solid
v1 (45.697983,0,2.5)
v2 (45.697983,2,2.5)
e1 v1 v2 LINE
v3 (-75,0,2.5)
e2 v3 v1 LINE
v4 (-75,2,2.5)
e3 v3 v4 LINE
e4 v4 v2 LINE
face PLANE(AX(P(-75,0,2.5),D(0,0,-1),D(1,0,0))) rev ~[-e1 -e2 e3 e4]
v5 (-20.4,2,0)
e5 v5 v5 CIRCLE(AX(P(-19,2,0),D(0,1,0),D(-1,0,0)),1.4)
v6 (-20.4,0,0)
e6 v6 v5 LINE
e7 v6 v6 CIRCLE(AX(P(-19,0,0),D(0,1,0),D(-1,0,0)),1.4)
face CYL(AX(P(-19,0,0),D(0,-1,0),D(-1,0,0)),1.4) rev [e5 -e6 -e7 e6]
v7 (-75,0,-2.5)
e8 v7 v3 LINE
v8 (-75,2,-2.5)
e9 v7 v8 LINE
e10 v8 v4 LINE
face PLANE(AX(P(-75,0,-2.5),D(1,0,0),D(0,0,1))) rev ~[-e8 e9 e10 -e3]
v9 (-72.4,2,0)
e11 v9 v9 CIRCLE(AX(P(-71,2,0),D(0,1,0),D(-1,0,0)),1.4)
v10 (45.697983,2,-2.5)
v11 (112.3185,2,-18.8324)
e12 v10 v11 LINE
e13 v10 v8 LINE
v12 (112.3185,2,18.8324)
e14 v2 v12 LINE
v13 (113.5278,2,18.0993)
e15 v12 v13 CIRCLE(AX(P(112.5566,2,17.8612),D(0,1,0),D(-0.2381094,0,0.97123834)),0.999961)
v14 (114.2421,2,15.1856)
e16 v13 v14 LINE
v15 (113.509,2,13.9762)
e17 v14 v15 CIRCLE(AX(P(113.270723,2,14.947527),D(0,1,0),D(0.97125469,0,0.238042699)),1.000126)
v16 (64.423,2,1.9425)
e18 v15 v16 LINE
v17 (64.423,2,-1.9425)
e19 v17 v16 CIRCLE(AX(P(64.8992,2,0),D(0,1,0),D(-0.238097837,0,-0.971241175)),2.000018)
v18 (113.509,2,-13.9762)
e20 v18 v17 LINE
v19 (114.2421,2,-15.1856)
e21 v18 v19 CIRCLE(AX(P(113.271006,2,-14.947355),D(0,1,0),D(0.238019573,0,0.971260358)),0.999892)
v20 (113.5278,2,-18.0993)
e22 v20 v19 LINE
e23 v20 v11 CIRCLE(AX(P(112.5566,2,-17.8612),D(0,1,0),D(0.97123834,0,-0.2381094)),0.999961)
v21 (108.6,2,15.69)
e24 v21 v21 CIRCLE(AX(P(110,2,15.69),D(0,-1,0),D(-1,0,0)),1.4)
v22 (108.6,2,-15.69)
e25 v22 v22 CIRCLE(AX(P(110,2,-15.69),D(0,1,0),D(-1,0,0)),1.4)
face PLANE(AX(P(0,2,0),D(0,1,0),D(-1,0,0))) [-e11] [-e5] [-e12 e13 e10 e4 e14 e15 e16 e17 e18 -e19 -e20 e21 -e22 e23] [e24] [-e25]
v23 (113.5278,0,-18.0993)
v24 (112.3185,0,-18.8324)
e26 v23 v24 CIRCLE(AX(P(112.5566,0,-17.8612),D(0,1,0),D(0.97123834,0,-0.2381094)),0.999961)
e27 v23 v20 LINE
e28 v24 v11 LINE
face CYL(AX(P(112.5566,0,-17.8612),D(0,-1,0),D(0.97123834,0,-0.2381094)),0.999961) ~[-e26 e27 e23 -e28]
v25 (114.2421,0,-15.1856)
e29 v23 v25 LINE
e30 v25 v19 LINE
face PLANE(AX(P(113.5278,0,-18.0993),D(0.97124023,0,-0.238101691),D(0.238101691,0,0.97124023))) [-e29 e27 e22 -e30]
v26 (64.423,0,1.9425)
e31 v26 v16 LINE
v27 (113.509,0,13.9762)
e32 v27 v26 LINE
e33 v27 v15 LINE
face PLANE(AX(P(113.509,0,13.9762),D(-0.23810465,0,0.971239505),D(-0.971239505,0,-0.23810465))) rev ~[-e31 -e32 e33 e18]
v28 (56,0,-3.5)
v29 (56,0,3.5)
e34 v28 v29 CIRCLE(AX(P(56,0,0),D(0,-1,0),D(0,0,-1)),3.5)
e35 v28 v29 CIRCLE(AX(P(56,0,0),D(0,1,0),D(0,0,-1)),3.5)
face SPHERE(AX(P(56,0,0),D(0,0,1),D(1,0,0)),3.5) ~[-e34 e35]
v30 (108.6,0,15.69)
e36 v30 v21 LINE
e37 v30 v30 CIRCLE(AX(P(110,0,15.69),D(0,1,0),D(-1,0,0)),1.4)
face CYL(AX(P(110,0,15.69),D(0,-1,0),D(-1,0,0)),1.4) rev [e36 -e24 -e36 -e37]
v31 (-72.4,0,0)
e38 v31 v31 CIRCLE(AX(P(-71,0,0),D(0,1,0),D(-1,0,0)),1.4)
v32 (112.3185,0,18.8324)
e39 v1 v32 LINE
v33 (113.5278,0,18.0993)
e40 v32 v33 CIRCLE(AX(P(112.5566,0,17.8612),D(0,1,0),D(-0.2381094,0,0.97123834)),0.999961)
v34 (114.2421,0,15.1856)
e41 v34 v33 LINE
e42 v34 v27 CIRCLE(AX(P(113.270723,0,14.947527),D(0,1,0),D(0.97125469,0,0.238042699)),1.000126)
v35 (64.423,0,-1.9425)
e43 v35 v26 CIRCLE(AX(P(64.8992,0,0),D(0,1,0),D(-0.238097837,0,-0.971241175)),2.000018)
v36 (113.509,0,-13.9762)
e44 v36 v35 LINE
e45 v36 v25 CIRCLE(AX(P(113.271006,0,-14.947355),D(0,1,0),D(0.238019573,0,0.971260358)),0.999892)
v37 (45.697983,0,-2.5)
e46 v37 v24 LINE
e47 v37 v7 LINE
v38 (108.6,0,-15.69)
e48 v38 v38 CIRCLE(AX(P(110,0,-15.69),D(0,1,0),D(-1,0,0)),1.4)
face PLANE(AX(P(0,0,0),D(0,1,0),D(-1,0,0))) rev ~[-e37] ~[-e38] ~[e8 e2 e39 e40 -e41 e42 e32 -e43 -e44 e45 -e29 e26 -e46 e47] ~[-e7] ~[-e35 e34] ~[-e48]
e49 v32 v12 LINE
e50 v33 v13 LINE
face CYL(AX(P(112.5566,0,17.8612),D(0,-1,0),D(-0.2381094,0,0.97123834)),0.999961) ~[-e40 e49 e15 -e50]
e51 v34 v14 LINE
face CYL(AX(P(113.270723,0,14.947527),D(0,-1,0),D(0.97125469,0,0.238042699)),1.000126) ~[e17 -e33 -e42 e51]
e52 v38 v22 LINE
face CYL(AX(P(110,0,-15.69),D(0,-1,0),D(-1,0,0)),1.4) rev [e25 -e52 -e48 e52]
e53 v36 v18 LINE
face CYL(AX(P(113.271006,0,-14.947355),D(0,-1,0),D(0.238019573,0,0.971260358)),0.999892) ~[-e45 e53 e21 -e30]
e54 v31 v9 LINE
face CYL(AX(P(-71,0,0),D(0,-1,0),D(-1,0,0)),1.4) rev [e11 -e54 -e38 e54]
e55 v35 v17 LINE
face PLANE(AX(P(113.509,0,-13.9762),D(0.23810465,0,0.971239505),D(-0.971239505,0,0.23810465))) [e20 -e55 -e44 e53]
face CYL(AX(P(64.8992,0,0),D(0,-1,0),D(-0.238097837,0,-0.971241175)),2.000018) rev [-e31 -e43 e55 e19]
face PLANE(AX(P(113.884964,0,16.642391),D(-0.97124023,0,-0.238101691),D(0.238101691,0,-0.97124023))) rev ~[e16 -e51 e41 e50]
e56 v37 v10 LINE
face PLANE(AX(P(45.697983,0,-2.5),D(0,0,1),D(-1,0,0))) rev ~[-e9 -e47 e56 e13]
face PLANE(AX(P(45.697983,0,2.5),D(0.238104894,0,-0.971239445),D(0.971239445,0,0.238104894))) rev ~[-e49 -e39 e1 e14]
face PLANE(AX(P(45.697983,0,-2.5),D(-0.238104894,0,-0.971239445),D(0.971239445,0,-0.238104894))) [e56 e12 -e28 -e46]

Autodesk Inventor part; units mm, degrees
ref_plane "YZ Plane" through (0, 0, 0) normal (1, 0, 0) x (0, 1, 0)
ref_plane "XZ Plane" through (0, 0, 0) normal (0, 1, 0) x (-1, 0, 0)
ref_plane "XY Plane" through (0, 0, 0) normal (0, 0, 1) x (1, 0, 0)
sketch "Sketch1" plane through (0, 0, 0) normal (0, 1, 0) x (-1, 0, 0)
  line L0 (-11.9073, -0.0524) -> (-8.2127, -0.0524) construction
  line L1 (0, 0) -> (-37.2003, 0) construction
  line L2 (-11.9073, -0.0524) -> (-8.256, -0.0524) construction
  line L3 (0, 2.4476) -> (0, 12.311) construction
  line L4 (-46, -2.5) -> (75, -2.5)
  line L5 (75, -2.5) -> (75, 2.5)
  line L6 (75, 2.5) -> (-46, 2.5)
  line L7 (-46, 2.5) -> (-46, -2.5)
  line L8 (-46, 0) -> (75, 0) construction
  line L9 (14.5, -2.5) -> (14.5, 2.5) construction
  circle A0 centre (-110, 15.69) radius 1.4
  circle A1 centre (-110, -15.69) radius 1.4
  line L10 (-46.5953, -2.4281) -> (-45.4047, 2.4281)
  line L11 (-45.4047, 2.4281) -> (-112.3185, 18.8324)
  line L12 (-113.5278, 18.0993) -> (-114.2421, 15.1856)
  line L13 (-113.509, 13.9762) -> (-64.423, 1.9425)
  line L14 (-113.885, 16.6424) -> (-46, 0)
  line L15 (-46.5953, 2.4281) -> (-45.4047, -2.4281)
  line L16 (-45.4047, -2.4281) -> (-112.3185, -18.8324)
  line L17 (-113.5278, -18.0993) -> (-114.2421, -15.1856)
  line L18 (-113.509, -13.9762) -> (-64.423, -1.9425)
  line L19 (-113.885, -16.6424) -> (-46, 0)
  circle A2 centre (71, 0) radius 1.4
  circle A3 centre (19, 0) radius 1.4
  arc A4 (-64.423, -1.9425) -> (-64.423, 1.9425) centre (-64.8992, 0) ccw
  arc A5 (-113.5278, -18.0993) -> (-112.3185, -18.8324) centre (-112.5566, -17.8612) ccw
  arc A6 (-113.509, -13.9762) -> (-114.2421, -15.1856) centre (-113.2709, -14.9475) ccw
  arc A7 (-114.2421, 15.1856) -> (-113.509, 13.9762) centre (-113.2709, 14.9475) ccw
  arc A8 (-112.3185, 18.8324) -> (-113.5278, 18.0993) centre (-112.5566, 17.8612) ccw
  point P0 (-113.2897, 19.0705)
  point P1 (-114.4802, 14.2143)
  point P2 (-113.2897, -19.0705)
  point P3 (-114.4802, -14.2143)
  point P4 (-45.698, 2.5)
  point P5 (-56.4996, 0)
  point P6 (-45.698, -2.5)
  dimension "d10" = 5
  dimension "d12" = 121
  dimension "d13" = 60.5
  dimension "d18" = 2.8
  dimension "d19" = 15.69
  dimension "d21" = 110
  dimension "d24" = 5
  dimension "d25" = 4
  dimension "d26" = 75
  dimension "d29" = 2.8
  dimension "d30" = 4
  dimension "d31" = 2.8
  dimension "d32" = 52
  dimension "d33" = 129
  dimension "d34" = 2
  dimension "d35" = 1
  dimension "d36" = 1
extrude "Extrusion1" add sketch "Sketch1" along normal blind 2 contours L7 L15 L16 L4 | L4 L16 A5 L17 L19 A1 L7 | L16 L15 L10 L11 L6 L5 L4 | L14 A0 L12 A8 L11 L6 L7 | L7 L6 L11 L10 | L19 A1 L17 A6 L18 A4 L13 A7 L12 L14 A0
sketch "Sketch2" plane through (0, 0, 0) normal (0, -1, 0) x (1, 0, 0)
  line L0 (56, 3.5) -> (56, -3.5)
  line L1 (-75, -2.5) -> (-75, 2.5) projected
  line L2 (-75, 0) -> (62.8992, 0) construction
  arc A0 (64.423, 1.9425) -> (64.423, -1.9425) centre (64.8992, 0) ccw projected
  arc A1 (56, -3.5) -> (56, 3.5) centre (56, 0) ccw
  point P0 (0, 0)
  dimension "d37" = 7
  dimension "d38" = 56
revolve "Revolution1" add sketch "Sketch2" angle 180 about axis through (56, 0, 3.5) along (0, 0, -1)
properties part number "connector"
